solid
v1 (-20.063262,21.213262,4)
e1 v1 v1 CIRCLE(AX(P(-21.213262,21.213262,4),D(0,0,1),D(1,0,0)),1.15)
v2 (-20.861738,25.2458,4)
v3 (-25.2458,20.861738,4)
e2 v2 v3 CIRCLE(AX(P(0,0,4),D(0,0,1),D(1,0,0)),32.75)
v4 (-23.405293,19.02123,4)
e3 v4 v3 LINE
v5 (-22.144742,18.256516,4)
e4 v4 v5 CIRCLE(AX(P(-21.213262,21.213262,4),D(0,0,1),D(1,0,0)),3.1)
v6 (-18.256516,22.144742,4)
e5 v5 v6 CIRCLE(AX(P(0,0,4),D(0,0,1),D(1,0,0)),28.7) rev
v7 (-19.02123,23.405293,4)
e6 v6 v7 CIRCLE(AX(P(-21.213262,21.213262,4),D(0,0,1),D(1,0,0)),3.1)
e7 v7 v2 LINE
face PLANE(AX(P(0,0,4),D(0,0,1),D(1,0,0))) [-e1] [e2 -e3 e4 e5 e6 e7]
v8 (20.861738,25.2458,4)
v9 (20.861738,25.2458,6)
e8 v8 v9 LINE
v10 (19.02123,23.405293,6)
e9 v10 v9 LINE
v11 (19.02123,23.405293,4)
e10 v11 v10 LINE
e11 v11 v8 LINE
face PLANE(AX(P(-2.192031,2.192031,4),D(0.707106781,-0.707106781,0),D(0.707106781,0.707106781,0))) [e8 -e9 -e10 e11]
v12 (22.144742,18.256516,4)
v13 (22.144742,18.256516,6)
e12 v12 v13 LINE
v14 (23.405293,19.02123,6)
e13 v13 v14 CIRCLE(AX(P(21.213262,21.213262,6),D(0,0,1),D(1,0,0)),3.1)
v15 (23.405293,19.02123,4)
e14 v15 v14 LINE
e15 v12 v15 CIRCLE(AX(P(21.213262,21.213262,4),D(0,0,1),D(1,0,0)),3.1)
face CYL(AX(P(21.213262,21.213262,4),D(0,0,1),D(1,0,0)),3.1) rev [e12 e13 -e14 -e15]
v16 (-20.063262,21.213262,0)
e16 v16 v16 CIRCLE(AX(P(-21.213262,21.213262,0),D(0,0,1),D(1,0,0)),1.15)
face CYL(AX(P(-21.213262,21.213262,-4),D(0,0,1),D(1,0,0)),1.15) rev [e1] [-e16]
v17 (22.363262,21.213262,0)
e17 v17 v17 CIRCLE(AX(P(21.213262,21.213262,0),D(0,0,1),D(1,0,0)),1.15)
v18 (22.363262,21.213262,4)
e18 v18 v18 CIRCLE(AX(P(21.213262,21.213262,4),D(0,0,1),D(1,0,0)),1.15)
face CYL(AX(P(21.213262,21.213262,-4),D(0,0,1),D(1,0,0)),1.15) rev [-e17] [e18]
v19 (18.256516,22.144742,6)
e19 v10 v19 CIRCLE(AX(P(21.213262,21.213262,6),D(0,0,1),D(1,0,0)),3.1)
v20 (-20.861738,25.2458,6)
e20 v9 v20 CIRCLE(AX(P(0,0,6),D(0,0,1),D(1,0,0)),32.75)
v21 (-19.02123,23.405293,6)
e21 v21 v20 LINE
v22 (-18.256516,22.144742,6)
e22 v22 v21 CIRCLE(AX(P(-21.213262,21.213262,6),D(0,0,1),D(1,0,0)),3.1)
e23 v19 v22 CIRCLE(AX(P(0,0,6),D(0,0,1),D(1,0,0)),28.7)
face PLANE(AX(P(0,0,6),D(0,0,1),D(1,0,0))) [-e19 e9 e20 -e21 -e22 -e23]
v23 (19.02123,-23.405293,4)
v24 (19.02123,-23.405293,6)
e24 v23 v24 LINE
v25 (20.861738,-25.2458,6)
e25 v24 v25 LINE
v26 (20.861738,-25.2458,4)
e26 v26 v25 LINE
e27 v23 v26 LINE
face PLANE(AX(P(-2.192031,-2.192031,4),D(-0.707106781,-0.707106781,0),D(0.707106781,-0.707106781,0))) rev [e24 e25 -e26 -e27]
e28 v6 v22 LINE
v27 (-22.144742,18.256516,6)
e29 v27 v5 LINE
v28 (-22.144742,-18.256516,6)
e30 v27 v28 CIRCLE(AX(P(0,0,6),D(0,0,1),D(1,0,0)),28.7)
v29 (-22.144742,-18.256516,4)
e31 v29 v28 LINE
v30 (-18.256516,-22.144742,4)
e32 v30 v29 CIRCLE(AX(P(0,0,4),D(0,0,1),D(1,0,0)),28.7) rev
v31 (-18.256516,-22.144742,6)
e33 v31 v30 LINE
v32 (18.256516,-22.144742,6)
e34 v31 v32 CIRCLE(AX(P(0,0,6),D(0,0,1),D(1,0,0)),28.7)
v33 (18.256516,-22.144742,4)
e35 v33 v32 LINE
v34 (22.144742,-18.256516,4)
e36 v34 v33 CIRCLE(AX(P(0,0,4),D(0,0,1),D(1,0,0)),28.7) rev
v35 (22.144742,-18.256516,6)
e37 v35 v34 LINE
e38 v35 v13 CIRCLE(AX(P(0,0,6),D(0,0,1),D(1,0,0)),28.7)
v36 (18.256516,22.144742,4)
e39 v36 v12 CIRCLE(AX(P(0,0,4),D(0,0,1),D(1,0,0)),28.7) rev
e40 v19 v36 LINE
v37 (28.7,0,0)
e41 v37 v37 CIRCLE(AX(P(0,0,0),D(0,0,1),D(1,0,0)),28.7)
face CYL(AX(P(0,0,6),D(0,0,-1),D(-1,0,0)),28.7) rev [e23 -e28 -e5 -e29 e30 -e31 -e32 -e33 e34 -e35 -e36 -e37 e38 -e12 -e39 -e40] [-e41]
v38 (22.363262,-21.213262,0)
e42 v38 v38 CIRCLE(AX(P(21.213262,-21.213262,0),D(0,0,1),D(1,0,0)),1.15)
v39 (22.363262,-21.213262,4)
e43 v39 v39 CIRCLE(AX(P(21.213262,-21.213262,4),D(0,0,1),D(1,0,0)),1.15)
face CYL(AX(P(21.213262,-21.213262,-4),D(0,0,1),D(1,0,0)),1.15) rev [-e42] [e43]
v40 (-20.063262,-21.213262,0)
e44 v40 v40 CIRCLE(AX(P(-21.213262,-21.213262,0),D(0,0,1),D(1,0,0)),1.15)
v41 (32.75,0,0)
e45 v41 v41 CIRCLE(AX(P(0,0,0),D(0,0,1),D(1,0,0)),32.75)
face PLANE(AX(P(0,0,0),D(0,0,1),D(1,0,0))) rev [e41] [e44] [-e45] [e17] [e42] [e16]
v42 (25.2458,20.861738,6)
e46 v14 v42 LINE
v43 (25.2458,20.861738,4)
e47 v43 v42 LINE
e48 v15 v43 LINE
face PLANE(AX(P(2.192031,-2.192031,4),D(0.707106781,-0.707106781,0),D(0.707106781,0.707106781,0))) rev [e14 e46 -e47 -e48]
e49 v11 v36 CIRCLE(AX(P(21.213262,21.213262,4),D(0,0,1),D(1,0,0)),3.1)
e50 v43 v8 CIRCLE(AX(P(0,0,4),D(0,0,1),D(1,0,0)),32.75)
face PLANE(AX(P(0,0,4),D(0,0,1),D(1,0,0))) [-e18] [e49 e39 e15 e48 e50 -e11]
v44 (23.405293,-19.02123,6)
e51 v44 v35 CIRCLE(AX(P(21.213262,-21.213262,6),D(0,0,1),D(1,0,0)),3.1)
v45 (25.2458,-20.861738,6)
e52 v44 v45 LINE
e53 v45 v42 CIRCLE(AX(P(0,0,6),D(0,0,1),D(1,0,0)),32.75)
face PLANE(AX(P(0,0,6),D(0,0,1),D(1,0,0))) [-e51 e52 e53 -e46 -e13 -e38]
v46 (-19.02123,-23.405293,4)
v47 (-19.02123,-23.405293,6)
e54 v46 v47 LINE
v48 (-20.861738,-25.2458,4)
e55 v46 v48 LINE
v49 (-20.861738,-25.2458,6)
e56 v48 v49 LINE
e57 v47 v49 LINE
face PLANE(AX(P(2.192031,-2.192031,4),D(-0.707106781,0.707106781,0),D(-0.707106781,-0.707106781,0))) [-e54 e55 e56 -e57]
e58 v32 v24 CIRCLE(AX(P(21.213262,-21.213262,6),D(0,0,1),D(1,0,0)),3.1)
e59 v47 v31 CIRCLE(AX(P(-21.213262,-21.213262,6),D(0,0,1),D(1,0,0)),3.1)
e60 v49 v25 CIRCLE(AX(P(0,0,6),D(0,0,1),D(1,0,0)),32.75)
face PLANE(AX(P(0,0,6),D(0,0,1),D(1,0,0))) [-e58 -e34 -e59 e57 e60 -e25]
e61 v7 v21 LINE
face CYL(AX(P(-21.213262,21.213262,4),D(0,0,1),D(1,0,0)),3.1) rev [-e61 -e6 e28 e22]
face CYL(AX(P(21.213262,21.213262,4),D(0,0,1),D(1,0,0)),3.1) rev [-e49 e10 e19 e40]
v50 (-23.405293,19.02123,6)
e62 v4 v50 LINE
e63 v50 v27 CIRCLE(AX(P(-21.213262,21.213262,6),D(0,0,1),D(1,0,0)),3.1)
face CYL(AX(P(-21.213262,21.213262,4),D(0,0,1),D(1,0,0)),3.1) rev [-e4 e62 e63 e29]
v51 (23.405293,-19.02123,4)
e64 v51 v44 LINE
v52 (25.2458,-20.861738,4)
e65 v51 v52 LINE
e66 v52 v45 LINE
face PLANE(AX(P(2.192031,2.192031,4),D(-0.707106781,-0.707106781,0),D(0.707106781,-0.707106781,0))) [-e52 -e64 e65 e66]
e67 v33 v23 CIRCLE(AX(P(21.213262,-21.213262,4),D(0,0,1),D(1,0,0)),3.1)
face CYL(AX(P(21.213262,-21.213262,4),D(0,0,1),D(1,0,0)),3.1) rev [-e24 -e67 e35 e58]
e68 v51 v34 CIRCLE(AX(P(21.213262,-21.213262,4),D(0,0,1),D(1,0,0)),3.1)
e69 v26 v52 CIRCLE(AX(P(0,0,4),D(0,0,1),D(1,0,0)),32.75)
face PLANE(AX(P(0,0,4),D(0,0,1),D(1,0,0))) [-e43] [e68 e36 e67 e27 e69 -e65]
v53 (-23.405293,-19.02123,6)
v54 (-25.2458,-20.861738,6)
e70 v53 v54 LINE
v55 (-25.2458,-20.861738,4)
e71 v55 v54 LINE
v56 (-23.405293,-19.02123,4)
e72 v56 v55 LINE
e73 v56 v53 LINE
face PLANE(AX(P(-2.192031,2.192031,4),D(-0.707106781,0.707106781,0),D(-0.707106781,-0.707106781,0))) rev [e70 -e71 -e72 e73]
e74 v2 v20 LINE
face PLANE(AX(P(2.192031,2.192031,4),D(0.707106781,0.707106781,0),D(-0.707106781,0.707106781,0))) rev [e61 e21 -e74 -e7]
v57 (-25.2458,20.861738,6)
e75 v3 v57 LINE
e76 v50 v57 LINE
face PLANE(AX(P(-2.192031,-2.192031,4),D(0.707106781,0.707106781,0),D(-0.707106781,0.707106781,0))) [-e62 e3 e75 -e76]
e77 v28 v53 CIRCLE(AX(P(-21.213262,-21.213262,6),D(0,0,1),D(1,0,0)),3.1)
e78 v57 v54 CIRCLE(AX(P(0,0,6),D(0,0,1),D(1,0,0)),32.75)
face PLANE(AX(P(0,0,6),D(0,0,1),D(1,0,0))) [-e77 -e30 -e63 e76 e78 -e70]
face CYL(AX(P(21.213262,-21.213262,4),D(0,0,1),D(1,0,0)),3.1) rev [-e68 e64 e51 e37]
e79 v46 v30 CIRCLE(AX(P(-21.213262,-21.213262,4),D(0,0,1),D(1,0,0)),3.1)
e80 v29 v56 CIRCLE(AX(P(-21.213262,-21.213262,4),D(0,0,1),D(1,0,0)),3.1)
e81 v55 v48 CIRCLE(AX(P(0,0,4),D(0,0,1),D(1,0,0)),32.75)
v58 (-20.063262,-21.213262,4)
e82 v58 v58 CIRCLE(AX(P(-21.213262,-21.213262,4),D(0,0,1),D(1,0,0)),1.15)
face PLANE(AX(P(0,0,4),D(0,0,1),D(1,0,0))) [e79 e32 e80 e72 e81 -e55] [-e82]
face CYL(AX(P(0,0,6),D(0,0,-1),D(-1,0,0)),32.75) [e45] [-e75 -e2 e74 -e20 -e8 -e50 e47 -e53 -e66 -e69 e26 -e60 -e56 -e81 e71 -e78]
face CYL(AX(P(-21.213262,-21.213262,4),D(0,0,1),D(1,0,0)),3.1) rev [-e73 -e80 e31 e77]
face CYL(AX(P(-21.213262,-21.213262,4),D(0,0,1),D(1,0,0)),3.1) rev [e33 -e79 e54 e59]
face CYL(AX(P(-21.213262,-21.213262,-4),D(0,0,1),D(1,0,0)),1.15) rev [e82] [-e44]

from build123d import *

# Parameters (mm, degrees)
SKETCH1_R           = 32.75
SKETCH1_R_2         = 28.7
BOSS_EXTRUDE1_DEPTH = 6
CUT_EXTRUDE1_START  = -2
CUT_EXTRUDE1_DEPTH  = 4
SKETCH2_7_R         = 1.150000003
CUT_EXTRUDE3_DEPTH  = 10


with BuildPart() as part:
    # Sketch1 → Boss-Extrude1 (new body)
    with BuildSketch(Plane.XY):
        Circle(SKETCH1_R)
        Circle(SKETCH1_R_2, mode=Mode.SUBTRACT)
    extrude(amount=BOSS_EXTRUDE1_DEPTH)

    # Sketch2 → Cut-Extrude1 (cut)
    with BuildSketch(Plane.XY.offset(6).offset(CUT_EXTRUDE1_START)):
        with BuildLine():
            ThreePointArc((-20.861737651, 25.245799694), (-23.157747084, 23.157747084), (-25.245799694, 20.861737651))
            Line((-25.245799694, 20.861737651), (-23.40529254, 19.021230496))
            ThreePointArc((-23.40529254, 19.021230496), (-22.471587987, 18.380133477), (-21.369913272, 18.117222076))
            Line((-21.369913272, 18.117222076), (-21.855038092, 18.602346895))
            ThreePointArc((-21.855038092, 18.602346895), (-21.70970764, 18.771749897), (-21.563064144, 18.940017548))
            ThreePointArc((-21.563064144, 18.940017548), (-19.586915918, 19.586915918), (-18.940017548, 21.563064144))
            ThreePointArc((-18.940017548, 21.563064144), (-18.771749897, 21.70970764), (-18.602346895, 21.855038092))
            Line((-18.602346895, 21.855038092), (-18.117222076, 21.369913272))
            ThreePointArc((-18.117222076, 21.369913272), (-18.380133477, 22.471587987), (-19.021230496, 23.40529254))
            Line((-19.021230496, 23.40529254), (-20.861737651, 25.245799694))
        make_face()
        with BuildLine():
            Line((20.861737651, 25.245799694), (19.021230496, 23.40529254))
            ThreePointArc((19.0212305, 23.405292536), (18.380133483, 22.471587987), (18.117222082, 21.369913278))
            Line((18.117222082, 21.369913278), (18.602346895, 21.855038092))
            ThreePointArc((18.602346895, 21.855038092), (18.771749898, 21.709707639), (18.940017551, 21.563064142))
            ThreePointArc((18.940017551, 21.563064142), (19.58691592, 19.58691592), (21.563064142, 18.940017551))
            ThreePointArc((21.563064142, 18.940017551), (21.709707639, 18.771749898), (21.855038092, 18.602346895))
            Line((21.855038092, 18.602346895), (21.369913278, 18.117222082))
            ThreePointArc((21.369913278, 18.117222082), (22.471587987, 18.380133483), (23.405292536, 19.0212305))
            Line((23.40529254, 19.021230496), (25.245799694, 20.861737651))
            ThreePointArc((25.245799694, 20.861737651), (23.157747084, 23.157747084), (20.861737651, 25.245799694))
        make_face()
        with BuildLine():
            Line((-23.40529254, -19.021230496), (-25.245799694, -20.861737651))
            ThreePointArc((-25.245799694, -20.861737651), (-23.157747084, -23.157747084), (-20.861737651, -25.245799694))
            Line((-20.861737651, -25.245799694), (-19.021230496, -23.40529254))
            ThreePointArc((-19.021230492, -23.405292544), (-18.38013347, -22.471587986), (-18.11722207, -21.369913266))
            Line((-18.11722207, -21.369913266), (-18.602346895, -21.855038092))
            ThreePointArc((-18.602346895, -21.855038092), (-18.771749899, -21.709707638), (-18.940017553, -21.56306414))
            ThreePointArc((-18.940017553, -21.56306414), (-19.586915922, -19.586915922), (-21.56306414, -18.940017553))
            ThreePointArc((-21.56306414, -18.940017553), (-21.709707638, -18.7717499), (-21.855038092, -18.602346895))
            Line((-21.855038092, -18.602346895), (-21.369913266, -18.11722207))
            ThreePointArc((-21.369913266, -18.11722207), (-22.471587986, -18.38013347), (-23.405292544, -19.021230492))
        make_face()
        with BuildLine():
            Line((21.369913272, -18.117222076), (21.855038092, -18.602346895))
            ThreePointArc((21.855038092, -18.602346895), (21.709707639, -18.771749898), (21.563064142, -18.940017551))
            ThreePointArc((21.563064142, -18.940017551), (19.58691592, -19.58691592), (18.940017551, -21.563064142))
            ThreePointArc((18.940017551, -21.563064142), (18.771749898, -21.709707639), (18.602346895, -21.855038092))
            Line((18.602346895, -21.855038092), (18.117222076, -21.369913272))
            ThreePointArc((18.117222076, -21.369913272), (18.380133477, -22.471587987), (19.021230496, -23.40529254))
            Line((19.021230496, -23.40529254), (20.861737651, -25.245799694))
            ThreePointArc((20.861737651, -25.245799694), (23.157747084, -23.157747084), (25.245799694, -20.861737651))
            Line((25.245799694, -20.861737651), (23.40529254, -19.021230496))
            ThreePointArc((23.40529254, -19.021230496), (22.471587987, -18.380133477), (21.369913272, -18.117222076))
        make_face()
    extrude(amount=CUT_EXTRUDE1_DEPTH, mode=Mode.SUBTRACT)

    # Sketch2<7> → Cut-Extrude3 (cut)
    with BuildSketch(Plane.XY.offset(6)):
        with Locations((-21.213261518, 21.213261518)):
            Circle(SKETCH2_7_R)
        with Locations((21.213261518, 21.213261518)):
            Circle(SKETCH2_7_R)
        with Locations((21.213261518, -21.213261518)):
            Circle(SKETCH2_7_R)
        with Locations((-21.213261518, -21.213261518)):
            Circle(SKETCH2_7_R)
    extrude(amount=-CUT_EXTRUDE3_DEPTH, mode=Mode.SUBTRACT)


solid = part.part
